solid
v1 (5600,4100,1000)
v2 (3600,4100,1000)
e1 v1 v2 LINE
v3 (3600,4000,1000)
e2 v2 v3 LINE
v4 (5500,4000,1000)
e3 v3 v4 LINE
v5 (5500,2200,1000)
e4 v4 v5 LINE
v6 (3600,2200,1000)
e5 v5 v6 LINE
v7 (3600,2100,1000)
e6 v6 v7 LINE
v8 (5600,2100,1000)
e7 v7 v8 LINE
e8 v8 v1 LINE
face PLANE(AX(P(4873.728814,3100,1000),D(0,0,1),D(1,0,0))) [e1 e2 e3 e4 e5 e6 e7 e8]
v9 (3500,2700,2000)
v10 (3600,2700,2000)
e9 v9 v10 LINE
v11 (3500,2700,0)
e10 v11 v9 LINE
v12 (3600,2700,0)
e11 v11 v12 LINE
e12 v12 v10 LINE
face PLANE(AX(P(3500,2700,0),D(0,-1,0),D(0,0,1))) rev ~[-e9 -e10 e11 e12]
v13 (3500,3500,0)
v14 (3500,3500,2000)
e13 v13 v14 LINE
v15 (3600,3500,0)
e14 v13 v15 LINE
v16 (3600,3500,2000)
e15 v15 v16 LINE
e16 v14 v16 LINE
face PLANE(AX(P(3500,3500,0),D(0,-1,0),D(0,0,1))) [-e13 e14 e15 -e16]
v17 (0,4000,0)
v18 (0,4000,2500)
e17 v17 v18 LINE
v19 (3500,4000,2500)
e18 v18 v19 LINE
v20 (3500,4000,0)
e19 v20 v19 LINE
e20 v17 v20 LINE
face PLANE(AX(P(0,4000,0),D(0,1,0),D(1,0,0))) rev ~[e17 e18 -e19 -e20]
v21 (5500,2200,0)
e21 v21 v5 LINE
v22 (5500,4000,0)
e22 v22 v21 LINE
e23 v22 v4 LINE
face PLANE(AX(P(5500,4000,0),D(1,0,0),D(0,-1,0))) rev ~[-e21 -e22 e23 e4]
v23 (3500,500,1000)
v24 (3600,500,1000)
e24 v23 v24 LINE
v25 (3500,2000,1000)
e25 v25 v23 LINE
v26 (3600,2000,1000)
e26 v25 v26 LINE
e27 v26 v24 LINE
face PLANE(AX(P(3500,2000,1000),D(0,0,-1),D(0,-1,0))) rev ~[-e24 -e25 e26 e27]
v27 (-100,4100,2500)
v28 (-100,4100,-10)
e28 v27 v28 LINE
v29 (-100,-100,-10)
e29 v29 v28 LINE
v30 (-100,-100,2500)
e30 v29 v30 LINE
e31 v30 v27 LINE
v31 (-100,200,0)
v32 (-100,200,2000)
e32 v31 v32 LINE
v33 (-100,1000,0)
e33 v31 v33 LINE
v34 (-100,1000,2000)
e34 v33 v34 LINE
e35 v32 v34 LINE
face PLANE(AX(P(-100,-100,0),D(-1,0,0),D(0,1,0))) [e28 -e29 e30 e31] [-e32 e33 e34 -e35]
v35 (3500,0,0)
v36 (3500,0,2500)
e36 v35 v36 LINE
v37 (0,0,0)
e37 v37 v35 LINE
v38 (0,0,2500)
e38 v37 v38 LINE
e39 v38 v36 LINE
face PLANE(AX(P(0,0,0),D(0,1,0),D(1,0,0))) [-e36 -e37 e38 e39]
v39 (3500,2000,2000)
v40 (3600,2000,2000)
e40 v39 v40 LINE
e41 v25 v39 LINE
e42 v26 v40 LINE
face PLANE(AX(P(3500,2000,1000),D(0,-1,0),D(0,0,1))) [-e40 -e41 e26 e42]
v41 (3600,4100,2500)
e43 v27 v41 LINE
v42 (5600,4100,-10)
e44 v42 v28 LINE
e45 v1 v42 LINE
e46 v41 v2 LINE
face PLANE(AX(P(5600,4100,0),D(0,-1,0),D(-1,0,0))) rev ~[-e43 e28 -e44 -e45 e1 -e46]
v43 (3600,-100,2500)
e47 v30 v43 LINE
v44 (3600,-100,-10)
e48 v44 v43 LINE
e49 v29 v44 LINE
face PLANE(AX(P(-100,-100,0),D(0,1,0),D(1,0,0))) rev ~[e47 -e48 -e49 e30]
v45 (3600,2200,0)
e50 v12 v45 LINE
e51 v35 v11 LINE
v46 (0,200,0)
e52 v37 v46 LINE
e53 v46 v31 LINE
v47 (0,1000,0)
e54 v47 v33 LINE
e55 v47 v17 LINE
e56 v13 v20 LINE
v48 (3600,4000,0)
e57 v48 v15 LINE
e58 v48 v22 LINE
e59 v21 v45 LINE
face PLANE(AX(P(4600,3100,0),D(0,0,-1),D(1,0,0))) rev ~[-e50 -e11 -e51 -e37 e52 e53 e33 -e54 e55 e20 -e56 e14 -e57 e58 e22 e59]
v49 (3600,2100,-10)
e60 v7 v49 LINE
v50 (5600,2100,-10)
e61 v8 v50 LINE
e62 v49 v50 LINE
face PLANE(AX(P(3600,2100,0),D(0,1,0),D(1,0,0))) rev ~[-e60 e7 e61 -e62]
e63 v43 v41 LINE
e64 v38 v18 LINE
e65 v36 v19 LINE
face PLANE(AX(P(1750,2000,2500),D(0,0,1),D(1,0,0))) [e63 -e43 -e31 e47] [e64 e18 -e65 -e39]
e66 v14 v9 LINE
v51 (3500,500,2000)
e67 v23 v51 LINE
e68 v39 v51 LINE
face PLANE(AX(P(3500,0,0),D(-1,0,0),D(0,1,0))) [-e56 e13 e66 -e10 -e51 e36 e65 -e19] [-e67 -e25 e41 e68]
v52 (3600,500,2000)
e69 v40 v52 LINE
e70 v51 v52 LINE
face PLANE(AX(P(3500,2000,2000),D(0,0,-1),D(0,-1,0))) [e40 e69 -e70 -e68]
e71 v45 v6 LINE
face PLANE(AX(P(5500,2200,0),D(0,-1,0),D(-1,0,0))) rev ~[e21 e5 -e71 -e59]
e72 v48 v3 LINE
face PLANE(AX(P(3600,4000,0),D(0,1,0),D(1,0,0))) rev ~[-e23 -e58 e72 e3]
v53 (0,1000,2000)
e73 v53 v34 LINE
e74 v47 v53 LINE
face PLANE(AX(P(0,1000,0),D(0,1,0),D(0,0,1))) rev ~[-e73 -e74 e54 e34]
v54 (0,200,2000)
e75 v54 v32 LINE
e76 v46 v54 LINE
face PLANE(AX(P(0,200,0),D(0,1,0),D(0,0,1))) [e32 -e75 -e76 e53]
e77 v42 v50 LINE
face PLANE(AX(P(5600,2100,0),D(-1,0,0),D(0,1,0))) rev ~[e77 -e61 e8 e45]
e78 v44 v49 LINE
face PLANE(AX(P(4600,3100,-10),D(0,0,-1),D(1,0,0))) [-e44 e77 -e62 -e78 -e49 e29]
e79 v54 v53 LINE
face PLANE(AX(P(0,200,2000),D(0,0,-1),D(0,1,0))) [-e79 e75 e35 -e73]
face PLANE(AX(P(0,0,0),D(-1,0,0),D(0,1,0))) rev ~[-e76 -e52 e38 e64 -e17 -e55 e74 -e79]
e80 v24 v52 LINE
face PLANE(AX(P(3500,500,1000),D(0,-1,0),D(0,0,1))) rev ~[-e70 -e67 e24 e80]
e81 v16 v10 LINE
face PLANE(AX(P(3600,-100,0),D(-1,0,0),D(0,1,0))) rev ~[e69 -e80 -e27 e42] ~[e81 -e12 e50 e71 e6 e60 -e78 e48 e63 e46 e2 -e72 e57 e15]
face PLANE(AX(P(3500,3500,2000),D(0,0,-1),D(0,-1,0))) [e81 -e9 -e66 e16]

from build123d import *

# Parameters (mm, degrees)
F0_W      = 3700
F0_H      = 4200
F1_DEPTH  = 10
F2_W      = 3700
F2_H      = 4200
F2_W_2    = 3500
F2_H_2    = 4000
F3_DEPTH  = 2500
F4_W      = 800
F4_H      = 2000
F5_DEPTH  = 100
F6_W      = 800
F6_H      = 2000
F7_DEPTH  = 100
F8_W      = 2000
F8_H      = 2000
F9_DEPTH  = 10
F11_DEPTH = 1000
F12_W     = 1500
F12_H     = 1000
F13_DEPTH = 100


with BuildPart() as f1:
    # F0 (on Top) → F1 (new body)
    with BuildSketch(Plane.XY):
        with Locations((1750, 2000)):
            Rectangle(F0_W, F0_H)
    extrude(amount=-F1_DEPTH)

    # F2 (on face) → F3 (join)
    with BuildSketch(Plane.XY):
        with Locations((1750, 2000)):
            Rectangle(F2_W, F2_H)
        with Locations((1750, 2000)):
            Rectangle(F2_W_2, F2_H_2, mode=Mode.SUBTRACT)
    extrude(amount=F3_DEPTH)

    # F4 (on face) → F5 (cut, through all)
    with BuildSketch(Plane.YZ):
        with Locations((600, 1000)):
            Rectangle(F4_W, F4_H)
    extrude(amount=-F5_DEPTH, mode=Mode.SUBTRACT)

    # F6 (on face) → F7 (cut, through all)
    with BuildSketch(Plane(origin=(3500, 0, 0), x_dir=(0, -1, 0), z_dir=(-1, 0, 0))):
        with Locations((-3100, 1000)):
            Rectangle(F6_W, F6_H)
    extrude(amount=-F7_DEPTH, mode=Mode.SUBTRACT)

    # F8 (on face) → F9 (join, through all)
    with BuildSketch(Plane(origin=(0, 0, -10), x_dir=(1, 0, 0), z_dir=(0, 0, -1))):
        with Locations((4600, -3100)):
            Rectangle(F8_W, F8_H)
    extrude(amount=-F9_DEPTH)

    # F10 (on face) → F11 (join)
    with BuildSketch(Plane.XY):
        Polygon((5600, 4100), (3600, 4100), (3600, 4000), (5500, 4000), (5500, 2200), (3600, 2200), (3600, 2100), (5600, 2100), align=None)
    extrude(amount=F11_DEPTH)

    # F12 (on face) → F13 (cut, through all)
    with BuildSketch(Plane(origin=(3500, 0, 0), x_dir=(0, -1, 0), z_dir=(-1, 0, 0))):
        with Locations((-1250, 1500)):
            Rectangle(F12_W, F12_H)
    extrude(amount=-F13_DEPTH, mode=Mode.SUBTRACT)


solid = f1.part
